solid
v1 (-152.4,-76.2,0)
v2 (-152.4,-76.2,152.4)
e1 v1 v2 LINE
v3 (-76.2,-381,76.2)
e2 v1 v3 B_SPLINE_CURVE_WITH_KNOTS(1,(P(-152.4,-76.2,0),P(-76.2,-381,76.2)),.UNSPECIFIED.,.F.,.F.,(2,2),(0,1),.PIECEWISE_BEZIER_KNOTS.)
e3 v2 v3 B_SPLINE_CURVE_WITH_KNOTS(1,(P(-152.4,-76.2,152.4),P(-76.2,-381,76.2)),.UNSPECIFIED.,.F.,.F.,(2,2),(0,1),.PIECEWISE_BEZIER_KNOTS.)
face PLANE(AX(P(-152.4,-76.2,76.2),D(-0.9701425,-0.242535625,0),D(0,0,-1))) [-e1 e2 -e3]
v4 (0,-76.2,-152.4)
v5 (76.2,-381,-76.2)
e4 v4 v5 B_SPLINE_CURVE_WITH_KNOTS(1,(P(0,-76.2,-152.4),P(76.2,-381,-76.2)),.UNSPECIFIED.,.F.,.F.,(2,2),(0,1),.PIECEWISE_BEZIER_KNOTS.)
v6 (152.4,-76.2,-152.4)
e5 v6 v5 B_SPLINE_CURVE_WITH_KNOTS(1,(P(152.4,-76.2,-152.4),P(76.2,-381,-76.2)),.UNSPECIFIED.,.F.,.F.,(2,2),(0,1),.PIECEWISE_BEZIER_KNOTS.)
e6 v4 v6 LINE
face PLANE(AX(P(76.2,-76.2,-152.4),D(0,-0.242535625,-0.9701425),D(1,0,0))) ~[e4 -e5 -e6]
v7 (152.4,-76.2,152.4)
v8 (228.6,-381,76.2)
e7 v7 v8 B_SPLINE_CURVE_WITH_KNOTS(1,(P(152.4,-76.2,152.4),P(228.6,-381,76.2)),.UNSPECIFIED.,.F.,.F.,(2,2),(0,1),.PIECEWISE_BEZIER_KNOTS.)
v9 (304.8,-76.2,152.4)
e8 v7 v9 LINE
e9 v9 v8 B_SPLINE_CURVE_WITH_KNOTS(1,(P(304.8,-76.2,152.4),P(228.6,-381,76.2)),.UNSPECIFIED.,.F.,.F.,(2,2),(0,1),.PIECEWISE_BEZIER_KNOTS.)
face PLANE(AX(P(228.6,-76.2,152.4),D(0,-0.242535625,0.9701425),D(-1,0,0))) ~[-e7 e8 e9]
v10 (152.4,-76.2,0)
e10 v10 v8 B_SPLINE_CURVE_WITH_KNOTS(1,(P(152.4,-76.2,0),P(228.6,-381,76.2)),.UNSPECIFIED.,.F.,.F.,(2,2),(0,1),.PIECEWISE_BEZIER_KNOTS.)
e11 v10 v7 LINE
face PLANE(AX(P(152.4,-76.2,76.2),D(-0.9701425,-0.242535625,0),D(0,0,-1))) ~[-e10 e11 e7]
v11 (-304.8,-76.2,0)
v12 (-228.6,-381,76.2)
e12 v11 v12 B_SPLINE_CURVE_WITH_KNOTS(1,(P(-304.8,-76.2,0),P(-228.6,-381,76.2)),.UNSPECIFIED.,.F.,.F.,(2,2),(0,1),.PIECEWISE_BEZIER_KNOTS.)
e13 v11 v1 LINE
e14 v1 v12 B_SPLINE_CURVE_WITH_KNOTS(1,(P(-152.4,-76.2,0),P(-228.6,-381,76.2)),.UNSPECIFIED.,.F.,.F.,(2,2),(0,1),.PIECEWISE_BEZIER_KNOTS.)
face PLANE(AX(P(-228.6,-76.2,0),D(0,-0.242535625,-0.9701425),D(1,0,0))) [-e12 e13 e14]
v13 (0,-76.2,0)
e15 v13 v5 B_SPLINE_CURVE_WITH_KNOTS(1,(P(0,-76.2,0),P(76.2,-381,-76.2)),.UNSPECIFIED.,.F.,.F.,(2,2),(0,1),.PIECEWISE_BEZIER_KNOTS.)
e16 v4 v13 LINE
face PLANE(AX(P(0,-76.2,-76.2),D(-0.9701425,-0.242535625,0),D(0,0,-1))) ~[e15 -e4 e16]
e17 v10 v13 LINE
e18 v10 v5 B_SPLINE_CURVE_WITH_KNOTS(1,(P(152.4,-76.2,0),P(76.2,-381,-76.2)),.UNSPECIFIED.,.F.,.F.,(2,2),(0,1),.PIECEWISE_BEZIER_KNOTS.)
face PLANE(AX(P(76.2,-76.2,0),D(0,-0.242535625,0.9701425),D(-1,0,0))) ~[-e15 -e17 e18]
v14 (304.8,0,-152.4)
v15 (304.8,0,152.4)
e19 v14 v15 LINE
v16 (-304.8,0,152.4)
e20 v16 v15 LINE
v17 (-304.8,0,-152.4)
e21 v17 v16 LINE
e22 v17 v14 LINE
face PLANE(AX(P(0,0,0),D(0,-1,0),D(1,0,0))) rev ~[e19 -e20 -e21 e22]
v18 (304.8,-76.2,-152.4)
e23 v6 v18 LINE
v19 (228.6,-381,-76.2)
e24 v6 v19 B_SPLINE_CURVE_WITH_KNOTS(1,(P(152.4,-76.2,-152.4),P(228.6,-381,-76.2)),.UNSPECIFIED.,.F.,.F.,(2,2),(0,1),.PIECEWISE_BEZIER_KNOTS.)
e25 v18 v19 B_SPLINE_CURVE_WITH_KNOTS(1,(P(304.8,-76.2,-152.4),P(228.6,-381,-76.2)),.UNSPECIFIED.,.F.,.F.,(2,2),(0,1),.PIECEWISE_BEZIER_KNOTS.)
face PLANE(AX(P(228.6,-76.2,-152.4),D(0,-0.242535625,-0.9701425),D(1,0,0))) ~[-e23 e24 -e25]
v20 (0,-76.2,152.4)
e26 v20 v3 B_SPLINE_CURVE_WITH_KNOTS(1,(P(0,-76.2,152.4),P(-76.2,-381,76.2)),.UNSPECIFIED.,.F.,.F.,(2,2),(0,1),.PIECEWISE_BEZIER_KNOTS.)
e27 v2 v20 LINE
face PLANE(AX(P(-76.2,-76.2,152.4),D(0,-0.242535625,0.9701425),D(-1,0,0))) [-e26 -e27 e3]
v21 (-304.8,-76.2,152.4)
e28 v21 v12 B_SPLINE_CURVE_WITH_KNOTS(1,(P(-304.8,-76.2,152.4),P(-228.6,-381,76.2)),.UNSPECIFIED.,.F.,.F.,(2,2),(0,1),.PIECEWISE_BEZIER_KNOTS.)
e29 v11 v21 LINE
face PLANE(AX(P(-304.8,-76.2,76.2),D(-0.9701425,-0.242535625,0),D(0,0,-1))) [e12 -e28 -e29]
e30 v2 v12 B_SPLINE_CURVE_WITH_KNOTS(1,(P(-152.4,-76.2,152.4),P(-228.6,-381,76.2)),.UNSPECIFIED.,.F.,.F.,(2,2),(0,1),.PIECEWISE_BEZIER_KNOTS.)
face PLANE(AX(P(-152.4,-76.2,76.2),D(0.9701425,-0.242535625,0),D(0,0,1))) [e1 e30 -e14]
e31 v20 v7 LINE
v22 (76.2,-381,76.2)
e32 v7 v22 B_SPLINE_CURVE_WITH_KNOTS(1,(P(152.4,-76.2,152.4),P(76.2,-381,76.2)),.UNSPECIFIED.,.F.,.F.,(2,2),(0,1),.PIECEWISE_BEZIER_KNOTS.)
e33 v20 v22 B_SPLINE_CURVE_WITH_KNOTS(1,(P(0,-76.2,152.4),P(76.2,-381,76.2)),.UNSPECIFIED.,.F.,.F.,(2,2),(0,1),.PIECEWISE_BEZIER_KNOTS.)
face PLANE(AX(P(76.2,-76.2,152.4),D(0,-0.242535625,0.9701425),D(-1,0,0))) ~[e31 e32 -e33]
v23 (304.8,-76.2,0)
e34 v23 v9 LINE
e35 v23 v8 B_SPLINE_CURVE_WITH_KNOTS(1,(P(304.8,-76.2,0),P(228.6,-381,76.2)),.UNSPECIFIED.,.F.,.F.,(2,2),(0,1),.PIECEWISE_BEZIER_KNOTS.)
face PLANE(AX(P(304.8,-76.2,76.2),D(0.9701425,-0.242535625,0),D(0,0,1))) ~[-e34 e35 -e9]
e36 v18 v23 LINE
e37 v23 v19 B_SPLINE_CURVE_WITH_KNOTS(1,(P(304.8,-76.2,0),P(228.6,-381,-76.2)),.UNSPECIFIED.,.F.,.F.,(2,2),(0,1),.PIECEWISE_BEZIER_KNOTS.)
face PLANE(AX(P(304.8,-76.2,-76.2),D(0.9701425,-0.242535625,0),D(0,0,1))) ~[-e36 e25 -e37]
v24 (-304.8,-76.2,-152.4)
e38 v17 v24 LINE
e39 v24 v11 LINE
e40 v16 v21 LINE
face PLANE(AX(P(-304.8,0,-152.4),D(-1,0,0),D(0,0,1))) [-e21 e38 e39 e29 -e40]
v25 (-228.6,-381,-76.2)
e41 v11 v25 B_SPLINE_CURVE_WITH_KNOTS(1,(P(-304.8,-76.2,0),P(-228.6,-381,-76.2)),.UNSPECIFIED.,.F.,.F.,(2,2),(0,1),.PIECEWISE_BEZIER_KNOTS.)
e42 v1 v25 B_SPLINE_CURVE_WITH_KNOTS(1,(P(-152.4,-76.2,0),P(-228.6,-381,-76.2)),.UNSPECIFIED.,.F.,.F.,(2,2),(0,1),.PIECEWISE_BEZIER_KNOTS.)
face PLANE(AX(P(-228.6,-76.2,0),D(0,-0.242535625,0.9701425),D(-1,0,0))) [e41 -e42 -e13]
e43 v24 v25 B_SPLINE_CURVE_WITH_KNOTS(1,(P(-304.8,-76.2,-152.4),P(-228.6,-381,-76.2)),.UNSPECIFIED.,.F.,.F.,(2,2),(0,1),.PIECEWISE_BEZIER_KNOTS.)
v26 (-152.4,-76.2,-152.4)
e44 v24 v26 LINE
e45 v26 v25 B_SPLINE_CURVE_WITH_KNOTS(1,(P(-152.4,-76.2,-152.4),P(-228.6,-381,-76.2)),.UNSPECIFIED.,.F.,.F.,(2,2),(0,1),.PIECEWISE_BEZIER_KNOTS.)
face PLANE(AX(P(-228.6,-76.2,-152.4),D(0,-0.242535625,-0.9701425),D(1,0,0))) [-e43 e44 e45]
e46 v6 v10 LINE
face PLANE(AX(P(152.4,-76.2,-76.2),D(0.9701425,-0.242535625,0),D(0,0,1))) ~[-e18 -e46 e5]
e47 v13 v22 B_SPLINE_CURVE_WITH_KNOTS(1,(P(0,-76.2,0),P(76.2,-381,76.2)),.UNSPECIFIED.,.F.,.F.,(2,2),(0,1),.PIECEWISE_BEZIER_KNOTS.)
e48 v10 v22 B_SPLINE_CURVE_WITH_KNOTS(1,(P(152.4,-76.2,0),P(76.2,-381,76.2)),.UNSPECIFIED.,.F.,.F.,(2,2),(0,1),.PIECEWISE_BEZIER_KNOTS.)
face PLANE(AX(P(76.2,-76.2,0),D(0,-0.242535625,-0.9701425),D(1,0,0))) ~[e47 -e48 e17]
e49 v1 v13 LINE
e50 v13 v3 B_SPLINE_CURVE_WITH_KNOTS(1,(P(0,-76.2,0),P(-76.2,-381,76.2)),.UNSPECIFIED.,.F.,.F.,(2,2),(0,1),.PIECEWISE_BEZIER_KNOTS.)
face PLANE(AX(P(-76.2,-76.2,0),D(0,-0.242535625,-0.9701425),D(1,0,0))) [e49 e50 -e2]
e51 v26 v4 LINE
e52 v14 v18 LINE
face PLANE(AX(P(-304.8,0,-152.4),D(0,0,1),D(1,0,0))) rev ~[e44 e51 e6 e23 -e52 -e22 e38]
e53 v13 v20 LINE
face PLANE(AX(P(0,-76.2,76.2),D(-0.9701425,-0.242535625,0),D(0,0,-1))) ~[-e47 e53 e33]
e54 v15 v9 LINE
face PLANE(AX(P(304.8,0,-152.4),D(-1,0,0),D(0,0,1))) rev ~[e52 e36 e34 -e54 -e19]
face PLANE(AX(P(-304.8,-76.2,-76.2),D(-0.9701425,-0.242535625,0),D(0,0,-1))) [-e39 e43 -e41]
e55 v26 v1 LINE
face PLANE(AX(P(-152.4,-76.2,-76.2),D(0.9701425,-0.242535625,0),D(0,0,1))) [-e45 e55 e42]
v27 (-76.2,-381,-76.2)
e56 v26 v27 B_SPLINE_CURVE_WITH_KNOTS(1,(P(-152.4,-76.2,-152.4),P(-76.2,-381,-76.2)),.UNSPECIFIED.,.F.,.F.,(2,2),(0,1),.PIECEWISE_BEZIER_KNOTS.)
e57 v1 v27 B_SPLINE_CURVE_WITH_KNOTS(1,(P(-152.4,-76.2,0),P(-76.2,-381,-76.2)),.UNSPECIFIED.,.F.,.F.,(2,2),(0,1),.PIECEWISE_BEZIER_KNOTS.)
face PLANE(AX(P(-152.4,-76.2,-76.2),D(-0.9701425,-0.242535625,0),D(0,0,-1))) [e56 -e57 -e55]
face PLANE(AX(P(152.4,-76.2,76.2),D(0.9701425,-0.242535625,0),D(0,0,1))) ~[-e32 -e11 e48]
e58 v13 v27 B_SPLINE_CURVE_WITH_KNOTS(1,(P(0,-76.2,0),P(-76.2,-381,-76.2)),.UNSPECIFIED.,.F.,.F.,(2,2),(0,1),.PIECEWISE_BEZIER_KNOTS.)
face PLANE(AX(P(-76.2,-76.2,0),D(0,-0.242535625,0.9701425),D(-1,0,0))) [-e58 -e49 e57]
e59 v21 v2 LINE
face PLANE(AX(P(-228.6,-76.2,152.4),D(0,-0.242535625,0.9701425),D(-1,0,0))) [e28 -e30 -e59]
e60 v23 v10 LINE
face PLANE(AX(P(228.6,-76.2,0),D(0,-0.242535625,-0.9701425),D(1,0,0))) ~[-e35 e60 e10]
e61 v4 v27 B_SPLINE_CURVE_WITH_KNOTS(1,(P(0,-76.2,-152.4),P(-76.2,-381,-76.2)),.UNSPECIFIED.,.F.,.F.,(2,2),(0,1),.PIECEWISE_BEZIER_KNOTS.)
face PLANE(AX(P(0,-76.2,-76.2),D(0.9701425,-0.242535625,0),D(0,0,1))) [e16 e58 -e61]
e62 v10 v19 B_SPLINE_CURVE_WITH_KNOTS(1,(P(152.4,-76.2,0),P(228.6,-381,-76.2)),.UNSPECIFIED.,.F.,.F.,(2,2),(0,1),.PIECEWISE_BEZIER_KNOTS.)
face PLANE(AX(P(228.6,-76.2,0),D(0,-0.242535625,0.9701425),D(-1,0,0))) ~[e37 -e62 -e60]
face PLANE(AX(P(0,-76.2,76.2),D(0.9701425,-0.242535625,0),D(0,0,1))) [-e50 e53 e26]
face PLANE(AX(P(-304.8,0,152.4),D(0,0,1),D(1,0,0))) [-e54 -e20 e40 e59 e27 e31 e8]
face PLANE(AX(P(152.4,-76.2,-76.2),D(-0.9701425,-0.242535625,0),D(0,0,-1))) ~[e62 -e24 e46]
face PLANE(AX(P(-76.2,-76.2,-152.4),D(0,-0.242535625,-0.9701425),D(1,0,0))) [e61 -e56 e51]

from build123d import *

# Parameters (mm, degrees)
F0_W     = 609.6
F0_H     = 304.8
F1_DEPTH = 76.2
F3_W     = 152.4
F3_H     = 152.4
F6_W     = 152.4
F6_H     = 152.4
F9_W     = 152.4
F9_H     = 152.4
F12_W    = 152.4
F12_H    = 152.4


with BuildPart() as f1:
    # F0 (on Front) → F1 (new body)
    with BuildSketch(Plane.XZ):
        Rectangle(F0_W, F0_H)
    extrude(amount=F1_DEPTH)

    # F3 (on face) → F5 section 0
    with BuildSketch(Plane.XZ.offset(76.2), mode=Mode.PRIVATE) as f5_s0:
        with Locations((-228.6, 76.2)):
            Rectangle(F3_W, F3_H)
    loft([f5_s0.sketch, Vertex(-228.6, -381, 76.2)])

    # F6 (on face) → F8 section 0
    with BuildSketch(Plane.XZ.offset(76.2), mode=Mode.PRIVATE) as f8_s0:
        with Locations((-76.2, 76.2)):
            Rectangle(F6_W, F6_H)
    loft([f8_s0.sketch, Vertex(-76.2, -381, 76.2)])

    # F9 (on face) → F11 section 0
    with BuildSketch(Plane.XZ.offset(76.2), mode=Mode.PRIVATE) as f11_s0:
        with Locations((-228.6, -76.2)):
            Rectangle(F9_W, F9_H)
    loft([f11_s0.sketch, Vertex(-228.6, -381, -76.2)])

    # F12 (on face) → F14 section 0
    with BuildSketch(Plane.XZ.offset(76.2), mode=Mode.PRIVATE) as f14_s0:
        with Locations((-76.2, -76.2)):
            Rectangle(F12_W, F12_H)
    loft([f14_s0.sketch, Vertex(-76.2, -381, -76.2)])

    # F15: F1 across plane


with BuildPart() as f1_1:
    add(f1.part)
    add(f1.part.mirror(Plane.YZ))


solid = f1_1.part
